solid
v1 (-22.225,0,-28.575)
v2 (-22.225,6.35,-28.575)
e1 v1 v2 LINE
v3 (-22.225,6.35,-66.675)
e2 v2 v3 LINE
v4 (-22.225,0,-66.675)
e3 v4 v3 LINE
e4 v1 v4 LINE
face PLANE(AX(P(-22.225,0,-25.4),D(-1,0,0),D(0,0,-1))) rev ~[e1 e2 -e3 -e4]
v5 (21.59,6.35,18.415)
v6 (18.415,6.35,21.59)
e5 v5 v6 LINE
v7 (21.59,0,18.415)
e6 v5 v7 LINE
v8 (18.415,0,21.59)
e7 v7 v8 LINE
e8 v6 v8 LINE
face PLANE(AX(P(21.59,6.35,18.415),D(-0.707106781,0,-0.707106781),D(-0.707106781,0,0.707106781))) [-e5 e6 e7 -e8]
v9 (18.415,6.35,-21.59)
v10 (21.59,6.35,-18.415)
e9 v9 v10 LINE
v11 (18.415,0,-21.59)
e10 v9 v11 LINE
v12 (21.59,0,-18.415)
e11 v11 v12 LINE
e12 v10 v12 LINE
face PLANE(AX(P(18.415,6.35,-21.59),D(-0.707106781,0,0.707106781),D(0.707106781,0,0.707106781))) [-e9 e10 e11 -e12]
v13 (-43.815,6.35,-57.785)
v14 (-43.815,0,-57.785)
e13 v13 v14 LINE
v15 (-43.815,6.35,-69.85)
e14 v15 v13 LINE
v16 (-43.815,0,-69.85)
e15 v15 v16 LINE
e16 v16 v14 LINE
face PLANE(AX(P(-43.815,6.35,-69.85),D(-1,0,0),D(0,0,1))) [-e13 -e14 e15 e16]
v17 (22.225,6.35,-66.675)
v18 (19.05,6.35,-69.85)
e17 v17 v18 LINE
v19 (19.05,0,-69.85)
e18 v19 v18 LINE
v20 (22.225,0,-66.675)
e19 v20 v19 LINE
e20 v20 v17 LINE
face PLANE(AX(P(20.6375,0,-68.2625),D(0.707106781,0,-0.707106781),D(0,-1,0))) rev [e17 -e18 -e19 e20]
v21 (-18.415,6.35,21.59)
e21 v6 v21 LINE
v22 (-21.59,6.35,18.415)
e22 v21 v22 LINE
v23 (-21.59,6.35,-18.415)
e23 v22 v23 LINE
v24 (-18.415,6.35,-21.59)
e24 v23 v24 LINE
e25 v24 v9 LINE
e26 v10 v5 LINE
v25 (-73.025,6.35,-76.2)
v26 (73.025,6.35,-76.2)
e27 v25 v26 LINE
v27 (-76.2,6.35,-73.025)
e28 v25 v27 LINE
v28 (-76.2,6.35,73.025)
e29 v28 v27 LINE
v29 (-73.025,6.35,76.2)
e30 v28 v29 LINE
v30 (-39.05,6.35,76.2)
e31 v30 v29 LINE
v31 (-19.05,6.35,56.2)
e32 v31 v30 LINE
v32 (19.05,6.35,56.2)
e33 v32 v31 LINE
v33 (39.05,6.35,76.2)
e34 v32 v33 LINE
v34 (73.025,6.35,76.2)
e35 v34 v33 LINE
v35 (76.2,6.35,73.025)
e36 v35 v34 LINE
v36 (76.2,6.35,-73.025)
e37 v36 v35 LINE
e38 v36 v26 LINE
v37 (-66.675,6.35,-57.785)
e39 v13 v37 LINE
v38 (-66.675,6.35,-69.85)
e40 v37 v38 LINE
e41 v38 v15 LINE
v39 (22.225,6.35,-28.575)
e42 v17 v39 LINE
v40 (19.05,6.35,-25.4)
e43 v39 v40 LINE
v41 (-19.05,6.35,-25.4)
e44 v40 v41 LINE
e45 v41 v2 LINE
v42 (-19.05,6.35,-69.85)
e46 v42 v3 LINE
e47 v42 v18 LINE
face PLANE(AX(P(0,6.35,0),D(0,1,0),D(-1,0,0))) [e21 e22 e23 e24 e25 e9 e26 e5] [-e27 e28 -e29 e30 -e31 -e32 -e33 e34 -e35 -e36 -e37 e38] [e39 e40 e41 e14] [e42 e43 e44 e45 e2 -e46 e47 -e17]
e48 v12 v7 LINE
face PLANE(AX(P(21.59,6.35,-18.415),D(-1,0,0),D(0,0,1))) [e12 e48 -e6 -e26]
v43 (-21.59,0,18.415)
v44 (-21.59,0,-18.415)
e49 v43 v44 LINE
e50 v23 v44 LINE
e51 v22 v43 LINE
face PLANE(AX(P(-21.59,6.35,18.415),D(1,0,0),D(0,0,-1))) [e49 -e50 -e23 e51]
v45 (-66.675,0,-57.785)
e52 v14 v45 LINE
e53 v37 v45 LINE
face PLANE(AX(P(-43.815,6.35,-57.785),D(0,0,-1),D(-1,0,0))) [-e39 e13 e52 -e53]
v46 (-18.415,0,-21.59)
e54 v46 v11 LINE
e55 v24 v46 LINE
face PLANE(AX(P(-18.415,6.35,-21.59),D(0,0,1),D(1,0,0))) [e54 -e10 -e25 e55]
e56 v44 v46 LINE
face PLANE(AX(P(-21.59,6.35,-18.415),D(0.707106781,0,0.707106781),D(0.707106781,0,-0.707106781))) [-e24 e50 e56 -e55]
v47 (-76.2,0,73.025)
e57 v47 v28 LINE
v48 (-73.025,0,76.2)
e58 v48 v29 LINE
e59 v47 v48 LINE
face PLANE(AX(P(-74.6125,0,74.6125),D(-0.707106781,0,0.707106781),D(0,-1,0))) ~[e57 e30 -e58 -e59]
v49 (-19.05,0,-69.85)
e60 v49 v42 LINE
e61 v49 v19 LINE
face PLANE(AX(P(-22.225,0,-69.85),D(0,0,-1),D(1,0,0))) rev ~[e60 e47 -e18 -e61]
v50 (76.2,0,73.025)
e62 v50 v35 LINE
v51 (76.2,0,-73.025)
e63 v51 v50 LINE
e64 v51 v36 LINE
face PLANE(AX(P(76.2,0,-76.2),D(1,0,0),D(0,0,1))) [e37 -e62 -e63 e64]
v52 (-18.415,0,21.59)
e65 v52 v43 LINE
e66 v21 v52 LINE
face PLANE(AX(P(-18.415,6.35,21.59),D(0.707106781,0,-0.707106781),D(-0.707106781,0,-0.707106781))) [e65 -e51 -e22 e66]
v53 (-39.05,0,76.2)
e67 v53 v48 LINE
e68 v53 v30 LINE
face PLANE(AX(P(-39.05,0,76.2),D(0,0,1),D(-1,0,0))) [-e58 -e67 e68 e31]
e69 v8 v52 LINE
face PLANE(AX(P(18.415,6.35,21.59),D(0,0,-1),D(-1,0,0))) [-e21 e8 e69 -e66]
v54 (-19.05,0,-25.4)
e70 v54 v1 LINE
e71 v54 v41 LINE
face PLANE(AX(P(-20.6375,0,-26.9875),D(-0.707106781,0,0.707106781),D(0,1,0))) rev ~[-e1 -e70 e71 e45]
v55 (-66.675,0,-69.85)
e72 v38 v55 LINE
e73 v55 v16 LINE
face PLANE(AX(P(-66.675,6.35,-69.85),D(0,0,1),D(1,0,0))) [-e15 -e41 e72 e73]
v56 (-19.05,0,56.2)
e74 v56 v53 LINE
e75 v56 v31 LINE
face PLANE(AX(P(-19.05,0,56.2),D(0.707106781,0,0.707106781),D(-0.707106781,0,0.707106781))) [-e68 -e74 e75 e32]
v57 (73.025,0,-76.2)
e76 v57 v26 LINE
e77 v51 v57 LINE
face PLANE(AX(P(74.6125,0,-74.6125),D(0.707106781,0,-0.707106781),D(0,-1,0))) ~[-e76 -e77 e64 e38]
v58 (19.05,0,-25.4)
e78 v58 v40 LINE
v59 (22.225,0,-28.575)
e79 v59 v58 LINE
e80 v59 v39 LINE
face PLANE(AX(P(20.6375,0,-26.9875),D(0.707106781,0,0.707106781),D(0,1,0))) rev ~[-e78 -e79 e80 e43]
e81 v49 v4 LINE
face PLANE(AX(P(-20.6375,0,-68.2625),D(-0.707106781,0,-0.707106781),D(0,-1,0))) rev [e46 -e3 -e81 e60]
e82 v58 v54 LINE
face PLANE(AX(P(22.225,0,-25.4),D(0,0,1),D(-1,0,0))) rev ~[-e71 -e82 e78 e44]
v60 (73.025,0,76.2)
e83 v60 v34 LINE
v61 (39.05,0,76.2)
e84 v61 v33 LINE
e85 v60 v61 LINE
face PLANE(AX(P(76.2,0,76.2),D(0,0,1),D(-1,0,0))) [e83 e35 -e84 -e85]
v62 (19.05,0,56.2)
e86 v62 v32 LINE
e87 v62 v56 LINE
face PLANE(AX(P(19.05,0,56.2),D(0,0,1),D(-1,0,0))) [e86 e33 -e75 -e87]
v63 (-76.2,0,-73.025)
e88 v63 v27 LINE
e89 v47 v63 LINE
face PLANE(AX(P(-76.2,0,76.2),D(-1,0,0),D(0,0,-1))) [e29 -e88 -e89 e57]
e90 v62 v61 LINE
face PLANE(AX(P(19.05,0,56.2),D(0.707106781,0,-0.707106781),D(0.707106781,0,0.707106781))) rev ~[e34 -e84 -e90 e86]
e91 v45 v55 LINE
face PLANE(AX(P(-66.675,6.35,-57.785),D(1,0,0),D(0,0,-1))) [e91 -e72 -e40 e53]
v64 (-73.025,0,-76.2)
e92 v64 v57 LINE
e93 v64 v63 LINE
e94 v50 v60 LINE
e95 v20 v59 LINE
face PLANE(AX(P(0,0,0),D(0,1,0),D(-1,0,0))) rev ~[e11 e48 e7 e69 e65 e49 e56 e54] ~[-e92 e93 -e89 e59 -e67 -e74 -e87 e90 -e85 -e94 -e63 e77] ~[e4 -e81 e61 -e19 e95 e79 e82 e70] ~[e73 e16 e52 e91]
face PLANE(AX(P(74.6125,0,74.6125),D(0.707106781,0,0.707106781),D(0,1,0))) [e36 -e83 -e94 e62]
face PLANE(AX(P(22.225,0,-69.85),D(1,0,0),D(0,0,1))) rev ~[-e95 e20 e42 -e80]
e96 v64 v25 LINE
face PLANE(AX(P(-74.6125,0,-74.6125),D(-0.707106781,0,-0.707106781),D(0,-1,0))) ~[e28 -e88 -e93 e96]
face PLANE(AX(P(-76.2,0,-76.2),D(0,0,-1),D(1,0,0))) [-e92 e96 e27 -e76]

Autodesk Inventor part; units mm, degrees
ref_plane "YZ Plane" through (0, 0, 0) normal (1, 0, 0) x (0, 1, 0)
ref_plane "XZ Plane" through (0, 0, 0) normal (0, 1, 0) x (-1, 0, 0)
ref_plane "XY Plane" through (0, 0, 0) normal (0, 0, 1) x (1, 0, 0)
sketch "Sketch1" plane through (0, 0, 0) normal (0, 1, 0) x (-1, 0, 0)
  line L0 (76.2, -76.2) -> (-76.2, -76.2)
  line L1 (-76.2, -76.2) -> (-76.2, 76.2)
  line L2 (76.2, 76.2) -> (76.2, -76.2)
  line L3 (-22.225, -25.4) -> (22.225, -25.4)
  line L4 (22.225, -25.4) -> (22.225, -69.85)
  line L5 (22.225, -69.85) -> (-22.225, -69.85)
  line L6 (-22.225, -69.85) -> (-22.225, -25.4)
  line L7 (-19.05, 56.2) -> (19.05, 56.2)
  line L8 (-76.2, 76.2) -> (-39.05, 76.2)
  line L9 (39.05, 76.2) -> (76.2, 76.2)
  line L10 (19.05, 56.2) -> (39.05, 76.2)
  line L11 (-19.05, 56.2) -> (-39.05, 76.2)
  point P0 (0, 0)
  dimension "d0" = 152.4
  dimension "d2" = 152.4
  dimension "d3" = 76.2
  dimension "d4" = 76.2
  dimension "d5" = 44.45
  dimension "d6" = 44.45
  dimension "d7" = 22.225
  dimension "d26" = 56.2
  dimension "d31" = 45
  dimension "d32" = 45
  dimension "d33" = 38.1
  dimension "d34" = 57.15
  dimension "d56" = 6.35
extrude "Extrusion1" add sketch "Sketch1" along normal blind 6.35
chamfer "Chamfer2" distance 3.175 angle 45 1 edges at (76.2, 3.175, 76.2)
chamfer "Chamfer3" distance 3.175 angle 45 3 edges at (76.2, 3.175, -76.2) (-76.2, 3.175, -76.2) (-76.2, 3.175, 76.2)
sketch "Sketch3" plane through (0, 6.35, 0) normal (0, 1, 0) x (1, 0, 0)
  line L0 (-18.415, 21.59) -> (18.415, 21.59)
  line L1 (21.59, 18.415) -> (21.59, -18.415)
  line L2 (18.415, -21.59) -> (-18.415, -21.59)
  line L3 (-21.59, -18.415) -> (-21.59, 18.415)
  line L4 (-21.59, 18.415) -> (-18.415, 21.59)
  line L5 (18.415, 21.59) -> (21.59, 18.415)
  line L6 (21.59, -18.415) -> (18.415, -21.59)
  line L7 (-18.415, -21.59) -> (-21.59, -18.415)
  point P0 (0, 0)
  point P1 (-21.59, 21.59)
  point P2 (21.59, -21.59)
  point P3 (21.59, 21.59)
  point P4 (-21.59, -21.59)
  dimension "d41" = 43.18
  dimension "d43" = 43.18
  dimension "d44" = 21.59
  dimension "d45" = 21.59
  dimension "d46" = 3.175
  dimension "d47" = 3.175
  dimension "d48" = 3.175
  dimension "d49" = 3.175
  dimension "d50" = 3.175
  dimension "d51" = 3.175
  dimension "d52" = 3.175
  dimension "d53" = 3.175
extrude "Extrusion2" cut sketch "Sketch3" against normal through all
chamfer "Chamfer4" distance 3.175 angle 45 4 edges at (-22.225, 3.175, -69.85) (-22.225, 3.175, -25.4) (22.225, 3.175, -69.85) (22.225, 3.175, -25.4)
sketch "Sketch4" plane through (0, 6.35, 0) normal (0, 1, 0) x (1, 0, 0)
  line L0 (73.025, 76.2) -> (-73.025, 76.2) projected
  line L1 (-76.2, 73.025) -> (-76.2, -73.025) projected
  line L2 (-66.675, 69.85) -> (-43.815, 69.85)
  line L3 (-43.815, 69.85) -> (-43.815, 57.785)
  line L4 (-43.815, 57.785) -> (-66.675, 57.785)
  line L5 (-66.675, 57.785) -> (-66.675, 69.85)
  point P0 (0, 0)
  dimension "d60" = 12.065
  dimension "d62" = 22.86
  dimension "d65" = 9.525
  dimension "d66" = 6.35
extrude "Extrusion3" cut sketch "Sketch4" against normal through all
equation "\"d3\" = 0.5 * d0"
equation "\"d4\" = 0.5 * d2"
equation "\"d7\" = 0.5 * d5"
equation "\"d34\" = -0.5 * d33 + 0.5 * d0"
equation "\"d44\" = 0.5 * d43"
equation "\"d45\" = 0.5 * d41"
equation "\"d47\" = d46"
equation "\"d48\" = d46"
equation "\"d49\" = d48"
equation "\"d50\" = d46"
equation "\"d51\" = d50"
equation "\"d52\" = d46"
equation "\"d53\" = d52"
properties part number "carousel_base"
